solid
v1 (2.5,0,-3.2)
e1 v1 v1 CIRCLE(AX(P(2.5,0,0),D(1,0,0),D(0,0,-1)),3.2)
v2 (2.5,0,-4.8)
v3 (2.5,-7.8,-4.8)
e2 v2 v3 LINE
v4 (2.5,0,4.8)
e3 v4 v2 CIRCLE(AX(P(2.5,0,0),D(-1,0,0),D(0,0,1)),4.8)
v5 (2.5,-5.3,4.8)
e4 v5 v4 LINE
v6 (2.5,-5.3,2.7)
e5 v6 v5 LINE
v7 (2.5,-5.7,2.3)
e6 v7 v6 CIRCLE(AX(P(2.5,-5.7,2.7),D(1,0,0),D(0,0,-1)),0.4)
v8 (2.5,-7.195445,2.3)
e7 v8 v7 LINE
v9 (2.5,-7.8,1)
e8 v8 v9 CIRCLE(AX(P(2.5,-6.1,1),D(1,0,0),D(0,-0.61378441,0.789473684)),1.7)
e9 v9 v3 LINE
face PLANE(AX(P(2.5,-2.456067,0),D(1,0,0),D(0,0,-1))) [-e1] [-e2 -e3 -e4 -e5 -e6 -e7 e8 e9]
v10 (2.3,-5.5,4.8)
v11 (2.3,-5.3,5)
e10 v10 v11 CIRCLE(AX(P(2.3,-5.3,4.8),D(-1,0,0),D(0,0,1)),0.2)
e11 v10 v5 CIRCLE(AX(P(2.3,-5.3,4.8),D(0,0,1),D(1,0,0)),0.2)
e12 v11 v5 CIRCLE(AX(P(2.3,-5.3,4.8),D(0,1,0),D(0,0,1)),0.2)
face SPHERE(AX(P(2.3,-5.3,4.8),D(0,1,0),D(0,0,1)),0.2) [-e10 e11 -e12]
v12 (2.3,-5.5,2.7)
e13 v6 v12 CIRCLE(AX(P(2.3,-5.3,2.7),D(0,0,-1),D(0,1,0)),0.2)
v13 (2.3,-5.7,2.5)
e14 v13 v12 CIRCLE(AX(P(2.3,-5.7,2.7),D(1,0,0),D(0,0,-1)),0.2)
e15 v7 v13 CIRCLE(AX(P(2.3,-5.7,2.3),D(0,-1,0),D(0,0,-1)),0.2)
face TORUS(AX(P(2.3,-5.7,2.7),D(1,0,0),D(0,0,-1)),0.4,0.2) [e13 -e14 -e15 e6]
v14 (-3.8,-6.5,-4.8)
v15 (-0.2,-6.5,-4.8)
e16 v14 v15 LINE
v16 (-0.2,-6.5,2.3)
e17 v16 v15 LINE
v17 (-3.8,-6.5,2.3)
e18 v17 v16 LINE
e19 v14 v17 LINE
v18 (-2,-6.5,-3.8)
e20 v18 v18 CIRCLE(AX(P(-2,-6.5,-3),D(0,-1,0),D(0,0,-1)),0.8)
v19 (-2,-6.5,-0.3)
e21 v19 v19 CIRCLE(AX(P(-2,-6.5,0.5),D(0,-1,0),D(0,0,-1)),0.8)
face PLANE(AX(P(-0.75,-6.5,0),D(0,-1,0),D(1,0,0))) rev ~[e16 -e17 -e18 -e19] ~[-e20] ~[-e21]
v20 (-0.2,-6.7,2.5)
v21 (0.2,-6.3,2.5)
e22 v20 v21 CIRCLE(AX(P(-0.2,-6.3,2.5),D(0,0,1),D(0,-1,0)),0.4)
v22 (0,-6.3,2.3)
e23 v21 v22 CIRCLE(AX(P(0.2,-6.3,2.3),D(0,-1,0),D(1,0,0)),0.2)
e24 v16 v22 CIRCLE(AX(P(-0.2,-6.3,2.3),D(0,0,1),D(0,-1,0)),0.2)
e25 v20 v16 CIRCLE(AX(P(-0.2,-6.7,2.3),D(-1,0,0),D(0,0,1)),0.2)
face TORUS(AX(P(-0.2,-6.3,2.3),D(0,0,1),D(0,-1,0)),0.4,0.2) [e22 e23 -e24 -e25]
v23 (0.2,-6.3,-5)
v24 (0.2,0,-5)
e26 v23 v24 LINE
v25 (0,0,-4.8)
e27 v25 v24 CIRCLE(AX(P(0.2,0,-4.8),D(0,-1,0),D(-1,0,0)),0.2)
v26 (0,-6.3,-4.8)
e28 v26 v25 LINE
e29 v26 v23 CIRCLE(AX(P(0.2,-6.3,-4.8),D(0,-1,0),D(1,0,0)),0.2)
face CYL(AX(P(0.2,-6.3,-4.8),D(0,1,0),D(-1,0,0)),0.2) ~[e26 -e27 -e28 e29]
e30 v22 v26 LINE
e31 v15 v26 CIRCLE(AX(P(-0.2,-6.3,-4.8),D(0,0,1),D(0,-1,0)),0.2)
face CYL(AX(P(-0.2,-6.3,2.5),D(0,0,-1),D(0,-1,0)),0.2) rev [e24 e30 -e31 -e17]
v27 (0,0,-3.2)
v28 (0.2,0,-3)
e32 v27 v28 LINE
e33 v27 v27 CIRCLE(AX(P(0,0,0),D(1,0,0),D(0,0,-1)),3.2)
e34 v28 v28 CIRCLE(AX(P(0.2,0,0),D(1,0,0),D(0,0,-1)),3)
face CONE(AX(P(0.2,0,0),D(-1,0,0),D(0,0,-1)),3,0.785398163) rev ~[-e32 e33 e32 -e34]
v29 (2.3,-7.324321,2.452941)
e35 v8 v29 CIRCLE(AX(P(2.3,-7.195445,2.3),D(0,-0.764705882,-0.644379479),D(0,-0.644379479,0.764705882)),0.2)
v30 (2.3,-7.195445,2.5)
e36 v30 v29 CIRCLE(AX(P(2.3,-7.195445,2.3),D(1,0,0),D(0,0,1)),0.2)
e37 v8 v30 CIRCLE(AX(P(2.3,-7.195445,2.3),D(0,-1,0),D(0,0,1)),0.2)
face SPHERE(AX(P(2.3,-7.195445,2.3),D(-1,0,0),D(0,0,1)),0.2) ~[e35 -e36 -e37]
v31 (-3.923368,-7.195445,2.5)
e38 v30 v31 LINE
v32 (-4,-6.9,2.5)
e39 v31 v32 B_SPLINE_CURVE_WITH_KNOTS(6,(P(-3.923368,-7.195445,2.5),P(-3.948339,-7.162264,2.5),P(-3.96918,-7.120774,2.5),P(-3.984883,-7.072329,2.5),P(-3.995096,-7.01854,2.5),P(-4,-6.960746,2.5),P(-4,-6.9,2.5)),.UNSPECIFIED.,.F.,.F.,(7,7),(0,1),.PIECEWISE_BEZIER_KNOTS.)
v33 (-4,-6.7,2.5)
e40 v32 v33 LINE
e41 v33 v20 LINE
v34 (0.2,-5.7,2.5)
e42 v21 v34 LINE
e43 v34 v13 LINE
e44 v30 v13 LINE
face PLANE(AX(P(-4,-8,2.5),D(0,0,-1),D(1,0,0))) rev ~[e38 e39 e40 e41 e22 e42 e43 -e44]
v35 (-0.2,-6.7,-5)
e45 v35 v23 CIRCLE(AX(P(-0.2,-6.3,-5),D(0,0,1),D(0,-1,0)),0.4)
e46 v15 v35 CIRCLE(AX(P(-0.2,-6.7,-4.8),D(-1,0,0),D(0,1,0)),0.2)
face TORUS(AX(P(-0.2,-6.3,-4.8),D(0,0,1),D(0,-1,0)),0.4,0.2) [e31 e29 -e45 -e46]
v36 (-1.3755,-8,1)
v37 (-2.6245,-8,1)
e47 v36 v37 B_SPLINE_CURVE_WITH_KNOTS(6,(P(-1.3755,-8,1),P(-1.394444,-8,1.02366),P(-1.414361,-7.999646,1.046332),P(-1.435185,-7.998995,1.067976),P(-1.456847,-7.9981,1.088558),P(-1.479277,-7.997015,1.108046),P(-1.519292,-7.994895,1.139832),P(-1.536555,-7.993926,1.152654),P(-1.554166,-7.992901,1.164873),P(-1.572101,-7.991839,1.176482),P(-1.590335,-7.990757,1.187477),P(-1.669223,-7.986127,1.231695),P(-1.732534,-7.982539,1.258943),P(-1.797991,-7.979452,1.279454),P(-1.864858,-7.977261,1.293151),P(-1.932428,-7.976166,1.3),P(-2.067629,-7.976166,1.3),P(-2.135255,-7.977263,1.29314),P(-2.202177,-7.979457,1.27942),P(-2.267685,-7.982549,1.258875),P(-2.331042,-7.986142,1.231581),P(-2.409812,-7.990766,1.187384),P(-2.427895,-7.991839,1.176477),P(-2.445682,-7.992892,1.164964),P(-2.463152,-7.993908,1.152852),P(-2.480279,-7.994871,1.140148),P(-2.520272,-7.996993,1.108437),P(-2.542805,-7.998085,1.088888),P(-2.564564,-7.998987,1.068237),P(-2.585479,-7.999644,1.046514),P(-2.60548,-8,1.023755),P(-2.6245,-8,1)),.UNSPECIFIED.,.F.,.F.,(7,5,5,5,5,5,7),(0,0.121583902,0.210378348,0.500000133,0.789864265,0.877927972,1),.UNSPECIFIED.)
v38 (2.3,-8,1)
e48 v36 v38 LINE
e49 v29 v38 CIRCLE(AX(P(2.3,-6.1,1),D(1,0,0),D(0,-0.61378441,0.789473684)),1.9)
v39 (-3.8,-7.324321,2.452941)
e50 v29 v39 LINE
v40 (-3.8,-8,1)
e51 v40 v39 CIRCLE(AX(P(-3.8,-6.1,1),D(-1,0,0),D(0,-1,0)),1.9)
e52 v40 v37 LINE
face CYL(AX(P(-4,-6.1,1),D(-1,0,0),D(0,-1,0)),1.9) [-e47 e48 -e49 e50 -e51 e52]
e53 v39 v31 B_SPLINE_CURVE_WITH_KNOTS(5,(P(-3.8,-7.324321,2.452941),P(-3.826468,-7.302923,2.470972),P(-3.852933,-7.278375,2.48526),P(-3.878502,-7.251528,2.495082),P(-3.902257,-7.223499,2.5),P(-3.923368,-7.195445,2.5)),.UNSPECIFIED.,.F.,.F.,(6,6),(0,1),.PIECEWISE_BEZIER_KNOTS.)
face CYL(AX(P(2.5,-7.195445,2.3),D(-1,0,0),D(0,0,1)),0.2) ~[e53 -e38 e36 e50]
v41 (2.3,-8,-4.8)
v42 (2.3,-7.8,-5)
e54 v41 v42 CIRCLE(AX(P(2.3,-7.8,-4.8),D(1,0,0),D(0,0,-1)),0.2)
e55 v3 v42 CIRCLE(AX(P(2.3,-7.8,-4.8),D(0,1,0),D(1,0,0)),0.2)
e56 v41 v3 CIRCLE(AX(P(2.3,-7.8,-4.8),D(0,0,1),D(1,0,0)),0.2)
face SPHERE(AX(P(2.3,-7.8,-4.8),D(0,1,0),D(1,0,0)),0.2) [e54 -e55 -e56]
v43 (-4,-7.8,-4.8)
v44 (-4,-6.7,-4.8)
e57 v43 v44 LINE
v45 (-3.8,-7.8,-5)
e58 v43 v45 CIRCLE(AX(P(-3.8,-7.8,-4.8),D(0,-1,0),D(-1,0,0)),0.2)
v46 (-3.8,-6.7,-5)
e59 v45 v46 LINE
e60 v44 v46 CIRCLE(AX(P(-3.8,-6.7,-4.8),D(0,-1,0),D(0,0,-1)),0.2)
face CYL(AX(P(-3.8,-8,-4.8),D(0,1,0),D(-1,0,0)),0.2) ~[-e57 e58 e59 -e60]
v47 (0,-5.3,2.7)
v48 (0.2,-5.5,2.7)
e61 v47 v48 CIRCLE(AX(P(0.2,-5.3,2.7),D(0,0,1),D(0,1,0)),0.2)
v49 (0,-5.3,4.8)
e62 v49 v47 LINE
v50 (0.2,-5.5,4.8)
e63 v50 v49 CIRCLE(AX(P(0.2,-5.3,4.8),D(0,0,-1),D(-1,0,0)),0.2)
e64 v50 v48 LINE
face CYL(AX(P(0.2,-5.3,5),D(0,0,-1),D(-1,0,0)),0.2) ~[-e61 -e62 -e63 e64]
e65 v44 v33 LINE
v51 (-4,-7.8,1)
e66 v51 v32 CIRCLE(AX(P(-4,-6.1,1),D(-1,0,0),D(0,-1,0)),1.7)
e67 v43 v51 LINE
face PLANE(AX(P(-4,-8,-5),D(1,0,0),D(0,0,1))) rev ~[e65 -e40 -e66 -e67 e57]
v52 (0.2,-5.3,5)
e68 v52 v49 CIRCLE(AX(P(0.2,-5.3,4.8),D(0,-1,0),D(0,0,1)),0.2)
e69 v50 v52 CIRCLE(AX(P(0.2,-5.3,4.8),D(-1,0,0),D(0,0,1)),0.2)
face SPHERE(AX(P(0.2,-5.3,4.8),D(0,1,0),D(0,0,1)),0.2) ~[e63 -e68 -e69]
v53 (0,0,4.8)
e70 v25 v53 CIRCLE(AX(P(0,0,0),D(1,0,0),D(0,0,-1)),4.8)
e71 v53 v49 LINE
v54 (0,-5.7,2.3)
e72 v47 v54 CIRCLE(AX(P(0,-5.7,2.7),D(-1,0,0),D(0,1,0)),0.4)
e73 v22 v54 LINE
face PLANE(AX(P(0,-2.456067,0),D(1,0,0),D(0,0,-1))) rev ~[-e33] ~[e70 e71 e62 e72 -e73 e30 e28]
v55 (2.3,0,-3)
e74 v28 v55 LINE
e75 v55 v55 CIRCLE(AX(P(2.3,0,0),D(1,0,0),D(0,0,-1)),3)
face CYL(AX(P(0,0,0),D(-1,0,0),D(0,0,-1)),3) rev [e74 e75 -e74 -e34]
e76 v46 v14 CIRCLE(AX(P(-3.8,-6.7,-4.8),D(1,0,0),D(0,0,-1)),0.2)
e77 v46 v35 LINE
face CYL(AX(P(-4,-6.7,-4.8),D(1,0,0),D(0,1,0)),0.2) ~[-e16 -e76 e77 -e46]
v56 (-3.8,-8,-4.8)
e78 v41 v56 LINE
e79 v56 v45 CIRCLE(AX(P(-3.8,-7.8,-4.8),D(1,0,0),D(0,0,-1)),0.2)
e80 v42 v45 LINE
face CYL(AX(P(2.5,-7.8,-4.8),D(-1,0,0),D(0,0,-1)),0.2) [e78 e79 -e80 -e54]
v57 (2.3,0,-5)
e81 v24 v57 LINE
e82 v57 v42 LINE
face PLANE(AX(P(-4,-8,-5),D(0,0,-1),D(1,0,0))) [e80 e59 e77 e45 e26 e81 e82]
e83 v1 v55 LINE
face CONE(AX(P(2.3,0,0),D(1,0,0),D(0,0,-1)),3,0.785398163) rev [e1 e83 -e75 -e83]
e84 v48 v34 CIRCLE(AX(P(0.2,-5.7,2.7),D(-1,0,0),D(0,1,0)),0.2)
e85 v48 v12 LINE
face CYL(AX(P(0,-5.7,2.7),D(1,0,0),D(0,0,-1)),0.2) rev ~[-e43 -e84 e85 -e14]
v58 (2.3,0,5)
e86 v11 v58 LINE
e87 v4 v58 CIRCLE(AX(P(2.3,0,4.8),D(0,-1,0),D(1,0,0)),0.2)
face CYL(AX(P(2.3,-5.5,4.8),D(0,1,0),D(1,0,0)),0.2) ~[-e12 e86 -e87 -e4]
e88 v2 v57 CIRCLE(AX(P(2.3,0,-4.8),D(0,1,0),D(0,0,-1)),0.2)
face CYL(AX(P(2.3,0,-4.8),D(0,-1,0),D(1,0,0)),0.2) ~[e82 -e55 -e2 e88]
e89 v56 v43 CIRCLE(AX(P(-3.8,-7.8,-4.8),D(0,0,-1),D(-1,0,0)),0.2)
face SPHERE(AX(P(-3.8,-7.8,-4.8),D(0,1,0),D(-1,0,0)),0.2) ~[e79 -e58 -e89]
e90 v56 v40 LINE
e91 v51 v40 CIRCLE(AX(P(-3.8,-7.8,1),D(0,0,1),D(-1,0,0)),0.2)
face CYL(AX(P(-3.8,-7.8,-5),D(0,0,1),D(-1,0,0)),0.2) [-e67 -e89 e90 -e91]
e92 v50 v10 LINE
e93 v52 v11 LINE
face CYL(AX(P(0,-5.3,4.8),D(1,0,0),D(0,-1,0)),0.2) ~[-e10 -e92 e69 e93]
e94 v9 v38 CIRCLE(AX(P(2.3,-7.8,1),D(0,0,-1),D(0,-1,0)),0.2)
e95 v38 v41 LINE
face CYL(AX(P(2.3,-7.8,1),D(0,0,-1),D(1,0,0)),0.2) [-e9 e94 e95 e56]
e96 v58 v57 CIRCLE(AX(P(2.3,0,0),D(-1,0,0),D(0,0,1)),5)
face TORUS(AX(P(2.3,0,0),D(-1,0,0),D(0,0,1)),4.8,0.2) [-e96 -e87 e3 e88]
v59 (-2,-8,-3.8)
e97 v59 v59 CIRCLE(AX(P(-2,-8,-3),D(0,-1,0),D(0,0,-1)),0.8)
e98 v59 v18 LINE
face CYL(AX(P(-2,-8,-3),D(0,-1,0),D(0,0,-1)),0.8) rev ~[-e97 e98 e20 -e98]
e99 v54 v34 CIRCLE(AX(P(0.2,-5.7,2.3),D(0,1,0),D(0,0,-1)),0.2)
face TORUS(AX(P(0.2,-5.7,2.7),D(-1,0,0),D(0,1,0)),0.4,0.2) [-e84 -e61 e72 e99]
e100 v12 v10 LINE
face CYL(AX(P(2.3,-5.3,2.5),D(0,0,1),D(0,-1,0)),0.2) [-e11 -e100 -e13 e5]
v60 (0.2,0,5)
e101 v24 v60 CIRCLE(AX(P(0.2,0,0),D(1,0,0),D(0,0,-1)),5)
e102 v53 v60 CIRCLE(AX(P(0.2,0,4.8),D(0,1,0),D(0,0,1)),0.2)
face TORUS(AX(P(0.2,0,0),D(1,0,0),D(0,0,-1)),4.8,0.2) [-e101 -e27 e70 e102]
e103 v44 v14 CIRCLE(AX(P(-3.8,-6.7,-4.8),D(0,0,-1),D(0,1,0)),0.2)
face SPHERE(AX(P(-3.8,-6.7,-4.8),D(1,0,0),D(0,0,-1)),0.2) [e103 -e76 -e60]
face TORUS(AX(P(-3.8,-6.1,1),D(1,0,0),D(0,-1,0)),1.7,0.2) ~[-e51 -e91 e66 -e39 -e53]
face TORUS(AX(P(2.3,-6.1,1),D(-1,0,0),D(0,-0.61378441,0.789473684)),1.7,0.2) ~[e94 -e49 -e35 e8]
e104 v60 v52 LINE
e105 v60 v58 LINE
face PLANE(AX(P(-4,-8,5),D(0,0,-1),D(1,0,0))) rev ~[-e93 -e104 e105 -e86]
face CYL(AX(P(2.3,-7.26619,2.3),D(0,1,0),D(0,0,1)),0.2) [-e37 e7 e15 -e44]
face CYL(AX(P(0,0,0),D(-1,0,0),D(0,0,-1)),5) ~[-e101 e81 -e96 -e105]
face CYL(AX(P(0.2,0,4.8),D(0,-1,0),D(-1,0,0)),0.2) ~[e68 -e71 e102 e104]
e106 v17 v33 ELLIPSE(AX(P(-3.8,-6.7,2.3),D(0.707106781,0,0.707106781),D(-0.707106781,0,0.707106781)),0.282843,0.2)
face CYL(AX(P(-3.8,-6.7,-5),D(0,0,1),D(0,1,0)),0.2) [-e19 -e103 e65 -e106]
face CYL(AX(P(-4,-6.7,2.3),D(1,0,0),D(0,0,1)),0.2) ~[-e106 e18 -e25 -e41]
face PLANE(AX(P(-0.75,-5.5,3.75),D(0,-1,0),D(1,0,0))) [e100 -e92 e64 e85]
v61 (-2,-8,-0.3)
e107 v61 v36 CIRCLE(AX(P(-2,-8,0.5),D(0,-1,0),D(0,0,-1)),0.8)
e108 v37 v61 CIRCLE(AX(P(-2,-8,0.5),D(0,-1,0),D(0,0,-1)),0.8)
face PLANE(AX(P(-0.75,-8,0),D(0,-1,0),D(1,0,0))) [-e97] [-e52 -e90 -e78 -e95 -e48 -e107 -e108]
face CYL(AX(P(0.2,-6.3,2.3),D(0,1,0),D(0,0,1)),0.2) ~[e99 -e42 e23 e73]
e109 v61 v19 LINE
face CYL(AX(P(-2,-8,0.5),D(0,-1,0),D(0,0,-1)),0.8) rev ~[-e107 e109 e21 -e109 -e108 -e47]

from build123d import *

# Parameters (mm, degrees)
SKETCH_1_R          = 3
EXTRUDE_1_DEPTH     = 2.5
SKETCH_2_W          = 6.5
SKETCH_2_H          = 10
SKETCH_2_R          = 0.8
EXTRUDE_2_DEPTH     = 1.5
SKETCH_5_W          = 6.5
SKETCH_5_H          = 2.5
CUT_EXTRUDE_1_DEPTH = 2.5
CUT_EXTRUDE_2_REACH = 13.456
FILLET_1_R          = 0.2
FILLET_2_R          = 0.2
CHAMFER_1_SIZE      = 0.2


with BuildPart() as part:
    # 草图1 → 凸台-拉伸1 (new body)
    with BuildSketch(Plane(origin=(0, 0, 0), x_dir=(0, 0, -1), z_dir=(1, 0, 0))):
        with BuildLine():
            Line((-5, 0), (-5, -8))
            Line((-5, -8), (5, -8))
            Line((5, -8), (5, 0))
            ThreePointArc((5, 0), (0, 5), (-5, 0))
        make_face()
        Circle(SKETCH_1_R, mode=Mode.SUBTRACT)
    extrude(amount=EXTRUDE_1_DEPTH)

    # 草图2 → 凸台-拉伸2 (add)
    with BuildSketch(Plane.XZ.offset(8)):
        with Locations((-0.75, 0)):
            Rectangle(SKETCH_2_W, SKETCH_2_H)
        with Locations(Location((-2, 0.5, 0), (0, 0, 270))):
            Circle(SKETCH_2_R, mode=Mode.SUBTRACT)
        with Locations(Location((-2, -3, 0), (0, 0, 270))):
            Circle(SKETCH_2_R, mode=Mode.SUBTRACT)
    extrude(amount=-EXTRUDE_2_DEPTH)

    # 草图5 → 切除-拉伸1 (cut)
    with BuildSketch(Plane.XZ.offset(8)):
        with Locations((-0.75, 3.75)):
            Rectangle(SKETCH_5_W, SKETCH_5_H)
    extrude(amount=-CUT_EXTRUDE_1_DEPTH, mode=Mode.SUBTRACT)

    # 草图6 → 切除-拉伸2 (cut, up to next)
    with BuildSketch(Plane.ZY.offset(4), mode=Mode.PRIVATE) as cut_extrude_2_sk1:
        with BuildLine():
            Line((2.897366596, -6), (3.27705392, -6))
            Line((3.27705392, -6), (3.27705392, -8.325127743))
            Line((3.27705392, -8.325127743), (1, -8.325127743))
            Line((1, -8.325127743), (1, -8))
            ThreePointArc((1, -8), (2.378404875, -7.407669683), (2.897366596, -6))
        make_face()
    cut_extrude_2_tool1 = extrude(cut_extrude_2_sk1.sketch, amount=-CUT_EXTRUDE_2_REACH, mode=Mode.PRIVATE) & part.part
    add(cut_extrude_2_tool1.solids().sort_by_distance((-4, -7.575754, 2.569334))[0], mode=Mode.SUBTRACT)

    # 圆角1
    fillet_1_edges = [part.edges().sort_by_distance(p)[0] for p in [
        (0, -6.5, -1.25),
    ]]
    fillet(fillet_1_edges, radius=FILLET_1_R)

    # 圆角2
    fillet_2_edges = [part.edges().sort_by_distance(p)[0] for p in [
        (2.5, -4, -5),
        (-2.1, -6.5, -5),
        (-4, -7.25, -5),
        (2.5, 5, 0),
        (-4, -6.5, -1.25),
        (1.25, -5.5, 5),
        (-2.1, -6.5, 2.5),
        (1.25, -5.5, 2.5),
        (2.5, -6.383095189, 2.5),
        (2.5, -5.5, 3.75),
        (0, -5.5, 3.75),
        (0, -2.75, 5),
        (0, 5, 0),
        (-4, -8, -2),
        (2.5, -8, -2),
        (-0.75, -7.266190379, 2.5),
        (2.5, -7.806716397, 1.834936608),
        (-4, -7.806716397, 1.834936608),
        (2.5, -2.75, 5),
        (-0.75, -8, -5),
        (0, -5.9, 2.5),
        (0, -3.15, -5),
        (-0.058578644, -6.441421356, -5),
        (-0.058578644, -6.441421356, 2.5),
    ]]
    fillet(fillet_2_edges, radius=FILLET_2_R)

    # 倒角1
    chamfer_1_edges = [part.edges().sort_by_distance(p)[0] for p in [
        (0, 0, 3),
        (2.5, 0, 3),
    ]]
    chamfer(chamfer_1_edges, length=CHAMFER_1_SIZE)


solid = part.part
